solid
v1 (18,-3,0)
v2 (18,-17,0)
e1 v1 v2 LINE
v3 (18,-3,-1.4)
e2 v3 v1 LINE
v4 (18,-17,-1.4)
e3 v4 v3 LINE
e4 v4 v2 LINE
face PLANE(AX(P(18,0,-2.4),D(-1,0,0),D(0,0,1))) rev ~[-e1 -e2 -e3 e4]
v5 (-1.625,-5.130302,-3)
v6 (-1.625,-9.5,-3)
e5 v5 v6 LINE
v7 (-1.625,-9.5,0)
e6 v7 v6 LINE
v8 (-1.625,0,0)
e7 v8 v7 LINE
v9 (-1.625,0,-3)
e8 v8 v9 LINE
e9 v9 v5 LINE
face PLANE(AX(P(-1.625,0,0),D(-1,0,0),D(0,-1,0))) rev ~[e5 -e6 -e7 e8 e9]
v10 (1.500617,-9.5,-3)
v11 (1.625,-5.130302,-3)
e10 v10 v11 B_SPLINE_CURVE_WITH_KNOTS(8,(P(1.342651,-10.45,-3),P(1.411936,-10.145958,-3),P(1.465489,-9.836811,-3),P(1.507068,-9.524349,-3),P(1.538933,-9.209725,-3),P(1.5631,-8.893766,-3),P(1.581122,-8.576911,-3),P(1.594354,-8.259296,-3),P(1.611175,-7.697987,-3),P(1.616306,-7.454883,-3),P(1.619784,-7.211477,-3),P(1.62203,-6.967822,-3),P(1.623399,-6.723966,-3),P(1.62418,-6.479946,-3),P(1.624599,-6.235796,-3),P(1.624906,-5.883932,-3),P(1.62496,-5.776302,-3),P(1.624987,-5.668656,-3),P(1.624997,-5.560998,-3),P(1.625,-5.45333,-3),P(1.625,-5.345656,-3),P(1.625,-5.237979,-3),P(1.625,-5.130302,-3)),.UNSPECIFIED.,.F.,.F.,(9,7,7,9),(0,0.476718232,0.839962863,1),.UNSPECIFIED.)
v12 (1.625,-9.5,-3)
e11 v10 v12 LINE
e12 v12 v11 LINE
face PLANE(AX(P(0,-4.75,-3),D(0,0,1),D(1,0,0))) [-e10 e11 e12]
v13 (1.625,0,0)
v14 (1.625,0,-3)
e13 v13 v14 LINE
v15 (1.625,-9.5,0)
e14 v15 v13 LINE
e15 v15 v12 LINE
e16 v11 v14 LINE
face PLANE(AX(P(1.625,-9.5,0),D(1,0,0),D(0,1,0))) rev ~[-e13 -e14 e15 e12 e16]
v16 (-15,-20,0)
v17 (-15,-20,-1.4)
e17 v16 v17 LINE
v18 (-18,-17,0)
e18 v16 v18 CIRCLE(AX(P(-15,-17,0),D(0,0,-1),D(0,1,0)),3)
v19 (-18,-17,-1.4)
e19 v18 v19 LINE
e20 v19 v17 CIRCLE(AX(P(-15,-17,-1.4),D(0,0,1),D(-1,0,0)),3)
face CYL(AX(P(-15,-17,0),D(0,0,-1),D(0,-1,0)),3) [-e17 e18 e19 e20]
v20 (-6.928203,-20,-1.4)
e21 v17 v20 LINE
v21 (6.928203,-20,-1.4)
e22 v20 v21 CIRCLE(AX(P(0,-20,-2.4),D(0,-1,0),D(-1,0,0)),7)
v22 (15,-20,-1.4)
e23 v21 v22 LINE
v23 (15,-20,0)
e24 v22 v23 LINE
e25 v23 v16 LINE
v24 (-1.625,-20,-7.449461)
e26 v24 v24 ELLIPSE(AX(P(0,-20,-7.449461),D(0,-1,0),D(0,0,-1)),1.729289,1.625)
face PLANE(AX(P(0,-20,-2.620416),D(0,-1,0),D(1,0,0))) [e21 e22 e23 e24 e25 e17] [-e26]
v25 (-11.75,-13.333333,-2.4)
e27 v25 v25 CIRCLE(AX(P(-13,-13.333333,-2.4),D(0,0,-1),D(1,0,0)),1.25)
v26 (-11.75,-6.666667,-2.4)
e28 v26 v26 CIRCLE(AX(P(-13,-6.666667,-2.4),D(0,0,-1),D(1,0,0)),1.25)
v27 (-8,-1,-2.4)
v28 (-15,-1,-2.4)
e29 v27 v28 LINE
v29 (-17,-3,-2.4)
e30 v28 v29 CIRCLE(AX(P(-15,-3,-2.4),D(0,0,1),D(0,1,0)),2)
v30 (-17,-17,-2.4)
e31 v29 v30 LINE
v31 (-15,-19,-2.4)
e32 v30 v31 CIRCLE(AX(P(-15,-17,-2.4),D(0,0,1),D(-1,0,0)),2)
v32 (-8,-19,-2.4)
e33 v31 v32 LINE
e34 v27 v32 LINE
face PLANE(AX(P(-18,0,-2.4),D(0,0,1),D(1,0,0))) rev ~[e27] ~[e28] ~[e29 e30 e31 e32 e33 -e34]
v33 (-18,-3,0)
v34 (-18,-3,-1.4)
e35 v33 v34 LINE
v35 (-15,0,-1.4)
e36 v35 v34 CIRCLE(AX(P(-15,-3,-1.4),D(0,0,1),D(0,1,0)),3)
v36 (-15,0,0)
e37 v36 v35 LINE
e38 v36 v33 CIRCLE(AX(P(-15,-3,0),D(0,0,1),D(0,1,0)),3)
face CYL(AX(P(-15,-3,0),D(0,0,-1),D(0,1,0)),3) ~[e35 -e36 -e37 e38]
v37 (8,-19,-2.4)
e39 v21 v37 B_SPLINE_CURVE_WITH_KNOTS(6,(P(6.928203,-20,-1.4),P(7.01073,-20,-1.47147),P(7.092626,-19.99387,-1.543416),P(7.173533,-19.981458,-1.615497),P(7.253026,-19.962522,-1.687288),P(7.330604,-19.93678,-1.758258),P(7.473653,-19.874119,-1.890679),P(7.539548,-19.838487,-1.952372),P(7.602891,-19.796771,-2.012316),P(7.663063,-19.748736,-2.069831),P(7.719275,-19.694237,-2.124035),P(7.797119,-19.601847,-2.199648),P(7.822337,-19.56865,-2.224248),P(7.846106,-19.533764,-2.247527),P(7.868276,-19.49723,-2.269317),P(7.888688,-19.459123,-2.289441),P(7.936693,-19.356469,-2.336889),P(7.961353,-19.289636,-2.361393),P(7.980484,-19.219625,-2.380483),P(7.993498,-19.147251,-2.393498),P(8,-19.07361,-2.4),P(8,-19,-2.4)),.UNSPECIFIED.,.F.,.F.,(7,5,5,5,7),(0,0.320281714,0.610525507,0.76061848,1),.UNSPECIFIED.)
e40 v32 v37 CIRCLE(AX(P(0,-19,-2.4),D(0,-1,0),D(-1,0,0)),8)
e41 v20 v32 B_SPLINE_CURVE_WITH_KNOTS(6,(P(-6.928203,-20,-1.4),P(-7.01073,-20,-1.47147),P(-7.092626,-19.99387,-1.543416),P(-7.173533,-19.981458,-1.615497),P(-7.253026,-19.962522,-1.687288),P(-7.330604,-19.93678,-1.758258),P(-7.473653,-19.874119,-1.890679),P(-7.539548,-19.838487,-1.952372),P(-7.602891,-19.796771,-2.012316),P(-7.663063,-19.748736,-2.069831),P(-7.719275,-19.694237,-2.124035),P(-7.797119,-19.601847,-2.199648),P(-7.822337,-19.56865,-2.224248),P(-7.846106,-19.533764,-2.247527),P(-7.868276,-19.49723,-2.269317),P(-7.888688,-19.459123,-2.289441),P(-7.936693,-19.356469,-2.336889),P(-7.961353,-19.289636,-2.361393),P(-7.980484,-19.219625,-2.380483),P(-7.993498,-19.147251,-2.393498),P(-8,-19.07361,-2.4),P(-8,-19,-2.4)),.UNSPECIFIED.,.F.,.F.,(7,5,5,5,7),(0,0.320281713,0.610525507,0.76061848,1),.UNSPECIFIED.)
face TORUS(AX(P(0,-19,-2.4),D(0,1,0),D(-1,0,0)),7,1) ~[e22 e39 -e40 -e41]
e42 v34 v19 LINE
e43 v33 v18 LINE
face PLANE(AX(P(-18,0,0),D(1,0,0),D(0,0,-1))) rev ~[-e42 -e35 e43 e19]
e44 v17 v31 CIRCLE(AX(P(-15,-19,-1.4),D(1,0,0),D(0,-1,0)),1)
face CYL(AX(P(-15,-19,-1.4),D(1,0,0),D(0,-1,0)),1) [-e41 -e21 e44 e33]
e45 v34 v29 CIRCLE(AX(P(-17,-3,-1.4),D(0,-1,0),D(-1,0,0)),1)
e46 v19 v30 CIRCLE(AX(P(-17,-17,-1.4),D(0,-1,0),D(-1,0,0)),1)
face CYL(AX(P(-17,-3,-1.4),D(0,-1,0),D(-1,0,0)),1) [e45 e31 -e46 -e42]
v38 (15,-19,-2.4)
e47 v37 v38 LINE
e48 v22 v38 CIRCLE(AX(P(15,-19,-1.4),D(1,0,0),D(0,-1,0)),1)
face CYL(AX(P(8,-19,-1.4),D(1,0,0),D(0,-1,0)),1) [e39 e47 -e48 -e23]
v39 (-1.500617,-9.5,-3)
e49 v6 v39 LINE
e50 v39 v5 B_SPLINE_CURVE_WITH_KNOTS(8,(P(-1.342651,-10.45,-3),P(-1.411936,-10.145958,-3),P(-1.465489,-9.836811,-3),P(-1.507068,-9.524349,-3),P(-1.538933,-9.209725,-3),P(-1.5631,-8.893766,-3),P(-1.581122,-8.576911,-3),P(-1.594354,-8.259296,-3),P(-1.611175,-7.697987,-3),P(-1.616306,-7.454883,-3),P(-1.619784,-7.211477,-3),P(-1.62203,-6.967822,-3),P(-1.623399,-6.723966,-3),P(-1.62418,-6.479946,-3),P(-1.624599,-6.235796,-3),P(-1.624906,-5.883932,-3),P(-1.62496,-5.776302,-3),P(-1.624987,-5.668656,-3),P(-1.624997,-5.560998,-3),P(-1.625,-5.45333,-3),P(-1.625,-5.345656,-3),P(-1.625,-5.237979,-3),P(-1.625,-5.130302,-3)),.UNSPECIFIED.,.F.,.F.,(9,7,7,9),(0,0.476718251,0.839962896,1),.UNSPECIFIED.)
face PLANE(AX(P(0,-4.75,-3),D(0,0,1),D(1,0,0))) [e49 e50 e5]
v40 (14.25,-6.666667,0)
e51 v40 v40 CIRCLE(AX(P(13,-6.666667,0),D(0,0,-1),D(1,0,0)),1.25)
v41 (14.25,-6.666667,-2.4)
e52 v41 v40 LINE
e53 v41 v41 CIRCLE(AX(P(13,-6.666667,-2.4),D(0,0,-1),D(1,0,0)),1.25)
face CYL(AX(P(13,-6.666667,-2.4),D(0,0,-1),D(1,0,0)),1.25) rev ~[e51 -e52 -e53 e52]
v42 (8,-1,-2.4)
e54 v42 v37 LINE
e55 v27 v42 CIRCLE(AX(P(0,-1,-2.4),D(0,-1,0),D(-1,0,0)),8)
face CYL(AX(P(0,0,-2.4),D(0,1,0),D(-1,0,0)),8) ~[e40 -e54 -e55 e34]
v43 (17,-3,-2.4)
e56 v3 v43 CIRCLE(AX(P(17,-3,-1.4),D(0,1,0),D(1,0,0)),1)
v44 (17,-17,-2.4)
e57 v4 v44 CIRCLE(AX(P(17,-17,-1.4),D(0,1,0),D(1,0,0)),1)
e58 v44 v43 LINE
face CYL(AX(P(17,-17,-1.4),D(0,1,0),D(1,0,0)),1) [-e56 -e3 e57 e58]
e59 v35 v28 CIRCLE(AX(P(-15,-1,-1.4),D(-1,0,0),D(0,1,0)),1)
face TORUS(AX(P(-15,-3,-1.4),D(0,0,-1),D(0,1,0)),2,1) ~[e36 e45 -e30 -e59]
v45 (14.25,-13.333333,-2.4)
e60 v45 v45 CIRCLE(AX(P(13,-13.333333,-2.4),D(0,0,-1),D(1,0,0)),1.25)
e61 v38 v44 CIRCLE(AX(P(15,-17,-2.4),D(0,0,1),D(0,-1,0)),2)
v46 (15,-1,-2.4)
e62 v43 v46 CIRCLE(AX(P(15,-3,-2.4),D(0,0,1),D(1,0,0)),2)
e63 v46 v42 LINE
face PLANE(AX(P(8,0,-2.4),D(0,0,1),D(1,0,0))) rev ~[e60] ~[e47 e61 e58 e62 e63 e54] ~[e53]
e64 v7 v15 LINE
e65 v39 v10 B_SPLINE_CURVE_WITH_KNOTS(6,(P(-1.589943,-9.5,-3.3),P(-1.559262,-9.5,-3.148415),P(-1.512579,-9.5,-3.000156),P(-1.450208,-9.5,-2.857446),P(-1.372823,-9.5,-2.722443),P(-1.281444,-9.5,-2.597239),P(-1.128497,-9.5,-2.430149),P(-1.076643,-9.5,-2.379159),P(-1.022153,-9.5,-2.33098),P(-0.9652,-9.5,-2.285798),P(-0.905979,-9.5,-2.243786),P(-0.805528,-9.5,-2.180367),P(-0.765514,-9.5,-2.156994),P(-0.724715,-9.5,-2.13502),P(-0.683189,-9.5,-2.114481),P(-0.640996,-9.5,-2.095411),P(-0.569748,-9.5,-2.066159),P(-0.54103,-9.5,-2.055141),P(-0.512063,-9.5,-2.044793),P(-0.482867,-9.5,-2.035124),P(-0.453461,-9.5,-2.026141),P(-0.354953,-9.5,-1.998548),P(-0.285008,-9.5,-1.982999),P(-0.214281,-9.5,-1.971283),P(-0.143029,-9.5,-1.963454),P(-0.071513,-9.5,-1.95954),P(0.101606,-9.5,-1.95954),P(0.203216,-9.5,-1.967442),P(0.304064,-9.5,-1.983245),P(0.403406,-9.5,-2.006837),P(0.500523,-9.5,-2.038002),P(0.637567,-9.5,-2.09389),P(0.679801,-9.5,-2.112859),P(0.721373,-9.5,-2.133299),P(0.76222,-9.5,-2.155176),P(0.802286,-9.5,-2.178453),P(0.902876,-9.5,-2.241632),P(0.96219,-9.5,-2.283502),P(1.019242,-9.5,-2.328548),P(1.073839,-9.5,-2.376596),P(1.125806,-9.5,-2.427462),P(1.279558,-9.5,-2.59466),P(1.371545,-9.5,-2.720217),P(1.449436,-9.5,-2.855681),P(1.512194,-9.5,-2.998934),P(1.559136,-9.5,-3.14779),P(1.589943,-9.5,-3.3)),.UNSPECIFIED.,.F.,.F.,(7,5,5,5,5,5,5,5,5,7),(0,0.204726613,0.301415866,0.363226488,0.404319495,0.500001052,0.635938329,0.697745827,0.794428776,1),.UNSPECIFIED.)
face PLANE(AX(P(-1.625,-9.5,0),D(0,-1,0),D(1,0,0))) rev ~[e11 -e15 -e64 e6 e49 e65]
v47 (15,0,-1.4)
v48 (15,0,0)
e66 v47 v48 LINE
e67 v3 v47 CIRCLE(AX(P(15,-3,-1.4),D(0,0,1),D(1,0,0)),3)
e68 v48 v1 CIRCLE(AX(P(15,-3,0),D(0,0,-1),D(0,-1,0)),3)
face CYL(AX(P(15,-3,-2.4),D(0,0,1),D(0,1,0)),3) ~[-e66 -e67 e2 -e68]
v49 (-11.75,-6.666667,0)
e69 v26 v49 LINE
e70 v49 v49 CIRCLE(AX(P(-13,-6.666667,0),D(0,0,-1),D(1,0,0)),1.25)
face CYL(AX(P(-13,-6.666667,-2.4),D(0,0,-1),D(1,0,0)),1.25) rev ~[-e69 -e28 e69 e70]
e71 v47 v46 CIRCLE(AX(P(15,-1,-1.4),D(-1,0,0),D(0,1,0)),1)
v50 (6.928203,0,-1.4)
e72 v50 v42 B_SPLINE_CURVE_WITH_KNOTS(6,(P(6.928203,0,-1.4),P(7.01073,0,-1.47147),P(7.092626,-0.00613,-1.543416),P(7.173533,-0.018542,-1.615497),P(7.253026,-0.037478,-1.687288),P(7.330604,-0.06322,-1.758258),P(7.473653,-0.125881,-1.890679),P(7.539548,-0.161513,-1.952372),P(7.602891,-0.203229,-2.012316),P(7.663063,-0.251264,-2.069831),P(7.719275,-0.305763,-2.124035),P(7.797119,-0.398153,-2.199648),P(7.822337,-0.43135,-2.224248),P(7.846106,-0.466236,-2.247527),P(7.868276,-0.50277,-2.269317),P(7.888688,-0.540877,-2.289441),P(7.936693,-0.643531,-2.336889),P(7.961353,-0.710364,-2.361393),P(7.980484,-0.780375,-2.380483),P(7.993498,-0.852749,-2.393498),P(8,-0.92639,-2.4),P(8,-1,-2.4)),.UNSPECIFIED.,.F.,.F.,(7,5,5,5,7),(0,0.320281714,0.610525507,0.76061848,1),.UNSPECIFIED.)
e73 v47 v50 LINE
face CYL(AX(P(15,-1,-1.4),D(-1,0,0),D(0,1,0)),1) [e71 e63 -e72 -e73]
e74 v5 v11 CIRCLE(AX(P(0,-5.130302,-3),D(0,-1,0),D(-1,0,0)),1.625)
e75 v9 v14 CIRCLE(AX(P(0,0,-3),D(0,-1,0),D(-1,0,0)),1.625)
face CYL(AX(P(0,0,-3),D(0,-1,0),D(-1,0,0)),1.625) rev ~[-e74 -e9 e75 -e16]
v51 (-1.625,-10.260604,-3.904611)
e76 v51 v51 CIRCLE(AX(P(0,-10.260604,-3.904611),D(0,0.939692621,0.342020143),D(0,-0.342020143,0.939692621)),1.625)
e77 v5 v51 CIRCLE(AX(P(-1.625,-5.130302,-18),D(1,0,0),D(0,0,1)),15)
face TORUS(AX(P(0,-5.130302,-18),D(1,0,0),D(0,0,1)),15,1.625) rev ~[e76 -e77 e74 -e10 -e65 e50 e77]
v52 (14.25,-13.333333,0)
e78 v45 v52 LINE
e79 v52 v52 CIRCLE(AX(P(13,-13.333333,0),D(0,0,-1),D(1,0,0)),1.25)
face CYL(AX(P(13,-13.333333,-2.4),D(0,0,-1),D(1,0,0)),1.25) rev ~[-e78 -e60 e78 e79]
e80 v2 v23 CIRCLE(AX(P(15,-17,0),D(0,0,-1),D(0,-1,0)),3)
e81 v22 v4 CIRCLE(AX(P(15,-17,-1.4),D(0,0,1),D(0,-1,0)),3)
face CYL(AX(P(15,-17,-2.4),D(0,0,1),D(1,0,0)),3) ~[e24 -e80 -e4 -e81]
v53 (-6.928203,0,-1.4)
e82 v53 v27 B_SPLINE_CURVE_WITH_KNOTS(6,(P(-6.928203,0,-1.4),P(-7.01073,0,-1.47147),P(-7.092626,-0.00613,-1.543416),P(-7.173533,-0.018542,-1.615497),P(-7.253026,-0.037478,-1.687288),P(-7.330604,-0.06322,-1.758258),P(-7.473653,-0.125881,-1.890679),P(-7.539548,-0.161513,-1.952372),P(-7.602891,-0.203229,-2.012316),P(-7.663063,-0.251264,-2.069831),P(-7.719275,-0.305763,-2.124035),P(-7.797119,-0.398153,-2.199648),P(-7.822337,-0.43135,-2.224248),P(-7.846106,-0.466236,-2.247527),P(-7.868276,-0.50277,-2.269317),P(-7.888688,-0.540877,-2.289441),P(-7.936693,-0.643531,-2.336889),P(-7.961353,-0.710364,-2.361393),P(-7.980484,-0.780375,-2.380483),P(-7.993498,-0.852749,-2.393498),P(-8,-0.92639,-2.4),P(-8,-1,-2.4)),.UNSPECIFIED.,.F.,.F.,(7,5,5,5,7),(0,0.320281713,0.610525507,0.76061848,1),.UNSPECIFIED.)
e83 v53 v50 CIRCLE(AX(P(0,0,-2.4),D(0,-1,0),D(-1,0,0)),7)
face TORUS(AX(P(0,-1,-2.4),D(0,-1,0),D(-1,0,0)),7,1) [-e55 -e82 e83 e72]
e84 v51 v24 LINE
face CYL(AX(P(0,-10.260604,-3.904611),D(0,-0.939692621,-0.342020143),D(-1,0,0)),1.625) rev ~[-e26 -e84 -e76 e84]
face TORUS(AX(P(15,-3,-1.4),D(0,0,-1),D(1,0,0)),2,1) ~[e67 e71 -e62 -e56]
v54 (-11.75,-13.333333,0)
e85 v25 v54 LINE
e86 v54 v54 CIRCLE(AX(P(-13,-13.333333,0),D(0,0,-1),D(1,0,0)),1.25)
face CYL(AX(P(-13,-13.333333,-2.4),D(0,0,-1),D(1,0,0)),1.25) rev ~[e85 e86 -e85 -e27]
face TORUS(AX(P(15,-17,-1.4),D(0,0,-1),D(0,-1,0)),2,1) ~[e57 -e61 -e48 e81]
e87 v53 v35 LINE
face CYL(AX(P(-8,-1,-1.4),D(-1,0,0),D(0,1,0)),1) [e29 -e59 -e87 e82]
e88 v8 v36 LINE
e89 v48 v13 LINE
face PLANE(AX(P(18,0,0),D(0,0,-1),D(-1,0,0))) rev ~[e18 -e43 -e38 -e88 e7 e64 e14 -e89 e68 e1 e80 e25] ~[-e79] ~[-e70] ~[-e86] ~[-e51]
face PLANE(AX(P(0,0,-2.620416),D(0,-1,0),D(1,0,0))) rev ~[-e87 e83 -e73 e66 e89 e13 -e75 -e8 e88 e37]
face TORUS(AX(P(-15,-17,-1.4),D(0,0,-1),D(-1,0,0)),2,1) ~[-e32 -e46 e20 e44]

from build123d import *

# Parameters (mm, degrees)
F2_DEPTH = 20
F4_R     = 1.625
F7_DEPTH = 3
F8_R     = 1.25
F9_DEPTH = 2.4010001
F10_R    = 3
F11_R    = 1


with BuildPart() as f2:
    # F1 (on Front) → F2 (new body)
    with BuildSketch(Plane.XZ):
        with BuildLine():
            Line((18, 0), (0, 0))
            Line((0, 0), (-18, 0))
            Line((-18, 0), (-18, -2.4))
            Line((-18, -2.4), (-8, -2.4))
            ThreePointArc((-8, -2.4), (0, -10.4), (8, -2.4))
            Line((8, -2.4), (18, -2.4))
            Line((18, -2.4), (18, 0))
        make_face()
    extrude(amount=F2_DEPTH)

    # F5: sweep along a path in F3
    with BuildLine(Plane.YZ) as f5_path:
        Line((0, -3), (-5.1303021499, -3))
        ThreePointArc((-5.1303021499, -3), (-7.7350248149, -3.2278837048), (-10.2606042998, -3.9046106882))
        Line((-10.2606042998, -3.9046106882), (-24.8597601286, -9.2182688553))
    # F4 (on face) → F5 (sweep, cut)
    with BuildSketch(Plane(origin=(0, 0, 0), x_dir=(-1, 0, 0), z_dir=(0, 1, 0))):
        with Locations((0, -3)):
            Circle(F4_R)
    sweep(path=f5_path.line, mode=Mode.SUBTRACT)

    # F6 (on face) → F7 (cut)
    with BuildSketch(Plane.XY):
        Polygon((1.625, -9.5), (1.625, -5.1303021499), (1.625, 0), (-1.625, 0), (-1.625, -5.1303021499), (-1.625, -9.5), align=None)
    extrude(amount=-F7_DEPTH, mode=Mode.SUBTRACT)

    # F8 (on face) → F9 (cut, through all)
    with BuildSketch(Plane(origin=(0, 0, -2.4), x_dir=(1, 0, 0), z_dir=(0, 0, -1))):
        with Locations((13, 13.3333333333)):
            Circle(F8_R)
        with Locations((13, 6.6666666667)):
            Circle(F8_R)
        with Locations((-13, 13.3333333333)):
            Circle(F8_R)
        with Locations((-13, 6.6666666667)):
            Circle(F8_R)
    extrude(amount=-F9_DEPTH, mode=Mode.SUBTRACT)

    # F10
    f10_edges = [f2.edges().sort_by_distance(p)[0] for p in [
        (18, -20, -1.2),
        (18, 0, -1.2),
        (-18, -20, -1.2),
        (-18, 0, -1.2),
    ]]
    fillet(f10_edges, radius=F10_R)

    # F11
    f11_edges = [f2.edges().sort_by_distance(p)[0] for p in [
        (0, -20, -10.4),
        (-11.5, -20, -2.4),
        (11.5, -20, -2.4),
        (0, 0, -10.4),
    ]]
    fillet(f11_edges, radius=F11_R)


solid = f2.part
